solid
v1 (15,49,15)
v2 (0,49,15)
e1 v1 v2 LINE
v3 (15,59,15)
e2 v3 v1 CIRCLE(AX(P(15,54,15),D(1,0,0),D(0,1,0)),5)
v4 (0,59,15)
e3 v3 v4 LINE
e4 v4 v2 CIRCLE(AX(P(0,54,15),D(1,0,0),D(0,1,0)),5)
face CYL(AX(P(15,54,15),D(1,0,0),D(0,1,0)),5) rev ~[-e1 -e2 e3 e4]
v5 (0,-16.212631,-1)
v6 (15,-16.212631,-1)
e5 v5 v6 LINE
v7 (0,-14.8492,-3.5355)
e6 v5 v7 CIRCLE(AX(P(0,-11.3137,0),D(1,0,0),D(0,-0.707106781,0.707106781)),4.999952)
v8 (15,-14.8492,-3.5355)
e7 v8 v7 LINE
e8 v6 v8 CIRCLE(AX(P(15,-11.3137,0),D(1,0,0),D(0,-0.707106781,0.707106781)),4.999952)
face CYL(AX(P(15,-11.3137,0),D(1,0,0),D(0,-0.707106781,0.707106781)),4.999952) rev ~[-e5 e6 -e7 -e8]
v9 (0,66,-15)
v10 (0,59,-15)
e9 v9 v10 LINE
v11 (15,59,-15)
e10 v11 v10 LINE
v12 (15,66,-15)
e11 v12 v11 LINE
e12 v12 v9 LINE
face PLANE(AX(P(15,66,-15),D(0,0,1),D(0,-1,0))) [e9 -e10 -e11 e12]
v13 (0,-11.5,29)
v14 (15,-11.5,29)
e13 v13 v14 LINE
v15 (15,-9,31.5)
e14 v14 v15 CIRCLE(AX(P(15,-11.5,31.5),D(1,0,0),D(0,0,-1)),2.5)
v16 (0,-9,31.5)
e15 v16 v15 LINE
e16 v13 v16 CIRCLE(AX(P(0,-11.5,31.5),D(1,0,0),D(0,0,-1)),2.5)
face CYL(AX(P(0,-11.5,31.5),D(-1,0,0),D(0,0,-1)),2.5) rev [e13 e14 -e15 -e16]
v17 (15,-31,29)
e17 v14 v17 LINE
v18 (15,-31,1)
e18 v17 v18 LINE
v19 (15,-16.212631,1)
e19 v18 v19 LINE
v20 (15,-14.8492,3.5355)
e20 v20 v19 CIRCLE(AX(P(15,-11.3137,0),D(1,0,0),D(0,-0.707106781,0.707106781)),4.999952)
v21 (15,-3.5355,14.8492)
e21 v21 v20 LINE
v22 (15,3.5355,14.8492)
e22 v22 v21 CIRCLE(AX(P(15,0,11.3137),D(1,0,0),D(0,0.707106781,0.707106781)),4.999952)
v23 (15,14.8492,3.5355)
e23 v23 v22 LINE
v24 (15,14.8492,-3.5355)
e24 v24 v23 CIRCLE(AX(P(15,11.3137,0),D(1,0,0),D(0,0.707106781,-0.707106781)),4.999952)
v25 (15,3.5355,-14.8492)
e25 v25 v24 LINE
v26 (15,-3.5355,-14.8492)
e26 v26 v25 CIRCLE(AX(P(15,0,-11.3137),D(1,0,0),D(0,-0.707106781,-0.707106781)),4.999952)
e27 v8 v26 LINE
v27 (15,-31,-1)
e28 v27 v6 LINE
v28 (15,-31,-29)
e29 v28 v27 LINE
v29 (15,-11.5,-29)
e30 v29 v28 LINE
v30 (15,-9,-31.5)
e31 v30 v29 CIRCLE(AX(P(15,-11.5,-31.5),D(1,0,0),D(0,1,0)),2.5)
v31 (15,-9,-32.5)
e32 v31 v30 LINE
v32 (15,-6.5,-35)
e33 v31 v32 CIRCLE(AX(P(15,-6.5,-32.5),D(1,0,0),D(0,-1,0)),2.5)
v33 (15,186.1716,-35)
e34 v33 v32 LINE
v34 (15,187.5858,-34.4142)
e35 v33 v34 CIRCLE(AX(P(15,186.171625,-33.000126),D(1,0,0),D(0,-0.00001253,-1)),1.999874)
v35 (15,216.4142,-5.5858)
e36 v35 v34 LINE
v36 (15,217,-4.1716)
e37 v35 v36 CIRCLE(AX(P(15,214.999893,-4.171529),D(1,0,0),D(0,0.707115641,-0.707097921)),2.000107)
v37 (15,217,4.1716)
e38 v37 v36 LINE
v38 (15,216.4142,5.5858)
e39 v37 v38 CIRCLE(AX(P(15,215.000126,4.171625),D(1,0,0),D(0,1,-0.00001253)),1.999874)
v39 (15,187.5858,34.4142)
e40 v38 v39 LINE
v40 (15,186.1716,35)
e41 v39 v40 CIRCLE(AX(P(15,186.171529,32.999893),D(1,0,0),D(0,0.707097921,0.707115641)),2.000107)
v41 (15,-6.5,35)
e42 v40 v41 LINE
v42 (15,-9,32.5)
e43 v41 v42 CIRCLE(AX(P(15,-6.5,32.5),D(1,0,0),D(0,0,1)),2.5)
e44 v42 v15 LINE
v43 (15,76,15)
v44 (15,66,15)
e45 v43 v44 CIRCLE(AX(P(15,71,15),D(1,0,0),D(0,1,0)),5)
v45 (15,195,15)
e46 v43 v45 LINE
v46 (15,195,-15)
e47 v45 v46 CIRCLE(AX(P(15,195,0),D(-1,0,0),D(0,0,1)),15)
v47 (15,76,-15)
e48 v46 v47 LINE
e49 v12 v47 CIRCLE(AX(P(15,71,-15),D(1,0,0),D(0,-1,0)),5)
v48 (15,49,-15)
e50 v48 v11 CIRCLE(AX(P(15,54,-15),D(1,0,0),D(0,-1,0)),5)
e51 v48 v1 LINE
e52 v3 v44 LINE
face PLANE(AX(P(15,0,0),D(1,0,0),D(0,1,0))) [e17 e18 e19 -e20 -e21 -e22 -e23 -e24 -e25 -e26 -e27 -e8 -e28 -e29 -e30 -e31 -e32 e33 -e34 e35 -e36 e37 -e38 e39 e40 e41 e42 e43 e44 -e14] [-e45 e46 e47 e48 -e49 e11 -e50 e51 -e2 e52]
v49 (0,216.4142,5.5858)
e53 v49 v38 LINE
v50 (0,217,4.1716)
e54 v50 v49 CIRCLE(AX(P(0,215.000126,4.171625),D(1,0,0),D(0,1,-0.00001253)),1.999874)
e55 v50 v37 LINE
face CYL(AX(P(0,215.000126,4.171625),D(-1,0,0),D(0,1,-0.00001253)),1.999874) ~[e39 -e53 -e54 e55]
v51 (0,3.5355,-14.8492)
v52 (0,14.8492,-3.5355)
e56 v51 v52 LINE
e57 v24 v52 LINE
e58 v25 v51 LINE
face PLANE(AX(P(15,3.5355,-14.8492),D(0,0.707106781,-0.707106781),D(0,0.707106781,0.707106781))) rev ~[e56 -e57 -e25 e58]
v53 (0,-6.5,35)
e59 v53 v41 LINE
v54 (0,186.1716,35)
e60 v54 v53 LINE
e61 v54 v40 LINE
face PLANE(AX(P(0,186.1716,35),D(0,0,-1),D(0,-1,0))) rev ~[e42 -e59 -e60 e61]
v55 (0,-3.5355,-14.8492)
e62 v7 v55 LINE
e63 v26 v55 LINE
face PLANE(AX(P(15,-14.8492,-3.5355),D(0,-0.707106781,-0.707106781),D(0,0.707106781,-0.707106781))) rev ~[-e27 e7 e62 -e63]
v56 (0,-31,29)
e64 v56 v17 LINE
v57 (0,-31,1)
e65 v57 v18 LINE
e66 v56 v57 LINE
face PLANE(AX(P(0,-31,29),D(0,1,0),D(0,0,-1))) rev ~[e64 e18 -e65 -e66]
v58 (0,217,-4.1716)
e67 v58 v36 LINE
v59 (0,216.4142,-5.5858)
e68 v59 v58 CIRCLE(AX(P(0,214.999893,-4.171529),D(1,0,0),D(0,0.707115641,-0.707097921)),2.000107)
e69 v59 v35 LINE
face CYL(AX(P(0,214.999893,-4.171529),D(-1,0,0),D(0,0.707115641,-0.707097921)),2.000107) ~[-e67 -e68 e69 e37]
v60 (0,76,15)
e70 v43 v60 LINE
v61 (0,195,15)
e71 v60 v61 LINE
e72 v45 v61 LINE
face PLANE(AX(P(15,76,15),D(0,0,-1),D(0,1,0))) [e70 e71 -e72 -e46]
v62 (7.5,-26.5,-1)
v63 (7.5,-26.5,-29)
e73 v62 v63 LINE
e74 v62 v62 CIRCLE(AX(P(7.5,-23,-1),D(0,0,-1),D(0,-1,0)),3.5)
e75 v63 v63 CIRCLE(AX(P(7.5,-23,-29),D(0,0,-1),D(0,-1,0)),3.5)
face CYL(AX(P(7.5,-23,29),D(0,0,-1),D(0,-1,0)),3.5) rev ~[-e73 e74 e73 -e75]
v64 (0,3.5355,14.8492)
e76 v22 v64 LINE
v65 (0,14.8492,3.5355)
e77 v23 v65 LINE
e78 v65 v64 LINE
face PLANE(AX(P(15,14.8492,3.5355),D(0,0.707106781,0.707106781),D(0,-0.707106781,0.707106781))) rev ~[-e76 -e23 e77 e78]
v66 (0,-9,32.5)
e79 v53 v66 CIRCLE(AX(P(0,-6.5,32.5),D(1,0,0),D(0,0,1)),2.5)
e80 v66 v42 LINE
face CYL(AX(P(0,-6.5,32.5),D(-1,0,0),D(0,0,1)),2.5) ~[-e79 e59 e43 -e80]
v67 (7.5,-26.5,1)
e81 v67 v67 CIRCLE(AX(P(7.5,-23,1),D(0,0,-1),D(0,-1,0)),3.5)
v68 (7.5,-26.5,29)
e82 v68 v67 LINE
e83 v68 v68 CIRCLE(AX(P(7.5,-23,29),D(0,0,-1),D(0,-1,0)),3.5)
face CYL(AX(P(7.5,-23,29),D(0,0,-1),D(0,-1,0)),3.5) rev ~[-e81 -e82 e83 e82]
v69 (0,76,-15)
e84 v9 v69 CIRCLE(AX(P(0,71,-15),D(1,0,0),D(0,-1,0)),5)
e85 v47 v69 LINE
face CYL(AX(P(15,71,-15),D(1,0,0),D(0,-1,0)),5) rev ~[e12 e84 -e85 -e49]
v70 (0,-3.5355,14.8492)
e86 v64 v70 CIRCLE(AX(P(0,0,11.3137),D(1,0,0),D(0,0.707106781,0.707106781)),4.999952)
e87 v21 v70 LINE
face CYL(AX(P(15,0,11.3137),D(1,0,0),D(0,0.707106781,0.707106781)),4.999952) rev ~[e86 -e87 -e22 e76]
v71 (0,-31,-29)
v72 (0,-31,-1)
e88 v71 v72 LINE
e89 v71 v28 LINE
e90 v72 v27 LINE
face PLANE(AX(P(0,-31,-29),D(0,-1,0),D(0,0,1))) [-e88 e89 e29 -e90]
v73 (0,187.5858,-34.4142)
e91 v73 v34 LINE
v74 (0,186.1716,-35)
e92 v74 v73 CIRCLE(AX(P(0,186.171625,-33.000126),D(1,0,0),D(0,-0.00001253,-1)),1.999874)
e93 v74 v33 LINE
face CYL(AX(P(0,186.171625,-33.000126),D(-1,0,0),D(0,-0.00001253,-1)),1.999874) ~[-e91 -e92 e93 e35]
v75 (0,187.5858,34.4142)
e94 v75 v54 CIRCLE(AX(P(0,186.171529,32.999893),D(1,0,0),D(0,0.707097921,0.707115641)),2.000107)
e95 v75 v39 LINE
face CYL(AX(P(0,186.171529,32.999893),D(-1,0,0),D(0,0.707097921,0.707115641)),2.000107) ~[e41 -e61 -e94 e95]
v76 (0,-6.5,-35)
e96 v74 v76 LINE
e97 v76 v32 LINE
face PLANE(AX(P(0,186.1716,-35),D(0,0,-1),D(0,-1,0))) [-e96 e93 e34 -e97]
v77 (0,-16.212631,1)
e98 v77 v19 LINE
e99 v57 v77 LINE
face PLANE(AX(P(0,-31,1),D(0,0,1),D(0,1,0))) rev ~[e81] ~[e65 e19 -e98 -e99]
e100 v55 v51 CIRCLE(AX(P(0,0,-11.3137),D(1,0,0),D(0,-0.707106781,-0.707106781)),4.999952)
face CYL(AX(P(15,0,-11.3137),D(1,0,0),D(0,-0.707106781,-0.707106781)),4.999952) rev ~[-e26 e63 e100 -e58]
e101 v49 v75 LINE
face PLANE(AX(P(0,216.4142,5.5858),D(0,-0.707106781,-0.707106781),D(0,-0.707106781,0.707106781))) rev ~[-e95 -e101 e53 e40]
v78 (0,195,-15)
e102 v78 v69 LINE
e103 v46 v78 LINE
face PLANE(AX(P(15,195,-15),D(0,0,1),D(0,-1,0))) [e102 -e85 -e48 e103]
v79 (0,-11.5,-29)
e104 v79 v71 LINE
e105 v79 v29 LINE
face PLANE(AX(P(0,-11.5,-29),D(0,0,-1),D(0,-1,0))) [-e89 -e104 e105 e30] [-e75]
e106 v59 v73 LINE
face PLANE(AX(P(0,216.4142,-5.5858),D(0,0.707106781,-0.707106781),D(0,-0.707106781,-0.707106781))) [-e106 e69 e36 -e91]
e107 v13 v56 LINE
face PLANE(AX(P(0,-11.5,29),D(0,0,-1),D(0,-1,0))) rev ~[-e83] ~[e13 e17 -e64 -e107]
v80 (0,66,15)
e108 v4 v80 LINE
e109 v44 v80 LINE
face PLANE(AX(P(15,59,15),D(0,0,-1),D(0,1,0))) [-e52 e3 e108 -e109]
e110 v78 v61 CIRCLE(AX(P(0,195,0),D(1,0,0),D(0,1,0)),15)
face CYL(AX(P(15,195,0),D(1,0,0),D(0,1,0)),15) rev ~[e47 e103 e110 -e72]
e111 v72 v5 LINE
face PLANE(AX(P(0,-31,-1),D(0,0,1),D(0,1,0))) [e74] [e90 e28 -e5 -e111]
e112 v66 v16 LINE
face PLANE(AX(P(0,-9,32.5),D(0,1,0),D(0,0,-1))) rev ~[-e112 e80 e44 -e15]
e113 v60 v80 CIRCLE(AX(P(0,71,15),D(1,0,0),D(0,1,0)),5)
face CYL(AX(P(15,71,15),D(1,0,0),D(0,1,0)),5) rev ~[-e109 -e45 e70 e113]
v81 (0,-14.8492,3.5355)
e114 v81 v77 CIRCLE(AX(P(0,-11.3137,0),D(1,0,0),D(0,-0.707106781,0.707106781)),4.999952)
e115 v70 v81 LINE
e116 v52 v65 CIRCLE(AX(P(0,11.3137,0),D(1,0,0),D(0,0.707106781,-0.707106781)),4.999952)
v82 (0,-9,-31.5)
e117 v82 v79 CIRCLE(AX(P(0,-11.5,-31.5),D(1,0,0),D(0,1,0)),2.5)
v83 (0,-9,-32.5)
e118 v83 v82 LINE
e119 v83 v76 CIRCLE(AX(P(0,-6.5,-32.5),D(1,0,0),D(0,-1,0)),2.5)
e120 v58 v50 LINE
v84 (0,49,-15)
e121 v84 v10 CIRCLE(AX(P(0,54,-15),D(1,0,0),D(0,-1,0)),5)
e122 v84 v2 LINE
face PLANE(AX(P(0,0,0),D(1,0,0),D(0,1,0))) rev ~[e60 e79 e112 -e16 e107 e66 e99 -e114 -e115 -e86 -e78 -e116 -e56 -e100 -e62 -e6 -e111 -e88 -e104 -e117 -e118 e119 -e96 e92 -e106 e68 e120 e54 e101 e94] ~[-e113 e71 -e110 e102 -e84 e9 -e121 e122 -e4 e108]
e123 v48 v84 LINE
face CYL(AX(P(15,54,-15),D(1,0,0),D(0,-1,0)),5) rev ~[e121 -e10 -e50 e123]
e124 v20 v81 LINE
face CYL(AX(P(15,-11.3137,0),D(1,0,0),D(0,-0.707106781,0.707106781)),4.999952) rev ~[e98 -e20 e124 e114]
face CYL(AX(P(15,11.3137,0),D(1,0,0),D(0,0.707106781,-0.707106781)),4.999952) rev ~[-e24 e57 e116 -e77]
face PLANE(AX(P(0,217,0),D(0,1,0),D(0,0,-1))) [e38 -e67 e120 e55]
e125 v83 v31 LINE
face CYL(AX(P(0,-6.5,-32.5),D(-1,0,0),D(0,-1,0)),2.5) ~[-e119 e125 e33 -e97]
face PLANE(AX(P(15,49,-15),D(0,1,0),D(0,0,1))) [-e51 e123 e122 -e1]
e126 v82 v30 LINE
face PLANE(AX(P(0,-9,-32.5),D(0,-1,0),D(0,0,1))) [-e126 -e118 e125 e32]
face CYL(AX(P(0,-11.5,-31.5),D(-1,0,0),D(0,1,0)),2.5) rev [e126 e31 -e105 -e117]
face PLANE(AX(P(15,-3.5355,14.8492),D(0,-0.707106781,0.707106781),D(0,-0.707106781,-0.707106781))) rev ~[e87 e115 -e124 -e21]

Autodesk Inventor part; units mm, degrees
ref_plane "YZ Plane" through (0, 0, 0) normal (1, 0, 0) x (0, 1, 0)
ref_plane "XZ Plane" through (0, 0, 0) normal (0, 1, 0) x (-1, 0, 0)
ref_plane "XY Plane" through (0, 0, 0) normal (0, 0, 1) x (1, 0, 0)
sketch "Esquisse1" plane through (0, 0, 0) normal (1, 0, 0) x (0, 1, 0)
  line L0 (0, 0) -> (122.5, 0)
  line L1 (217, 0) -> (217, 4.1716)
  line L2 (216.4142, 5.5858) -> (187.5858, 34.4142)
  line L3 (186.1716, 35) -> (-6.5, 35)
  line L4 (-9, 32.5) -> (-9, 31.5)
  line L5 (-11.5, 29) -> (-31, 29)
  line L6 (-31, 29) -> (-31, 1)
  line L7 (-31, 1) -> (0, 1)
  line L8 (0, 1) -> (0, 0)
  arc A0 (217, 4.1716) -> (216.4142, 5.5858) centre (215, 4.1716) ccw
  arc A1 (187.5858, 34.4142) -> (186.1716, 35) centre (186.1716, 33) ccw
  arc A2 (-6.5, 35) -> (-9, 32.5) centre (-6.5, 32.5) ccw
  arc A3 (-11.5, 29) -> (-9, 31.5) centre (-11.5, 31.5) ccw
  line L9 (217, 0) -> (217, -4.1716)
  line L10 (216.4142, -5.5858) -> (187.5858, -34.4142)
  line L11 (186.1716, -35) -> (-6.5, -35)
  line L12 (-9, -32.5) -> (-9, -31.5)
  line L13 (-11.5, -29) -> (-31, -29)
  line L14 (-31, -29) -> (-31, -1)
  line L15 (-31, -1) -> (0, -1)
  line L16 (0, -1) -> (0, 0)
  arc A4 (216.4142, -5.5858) -> (217, -4.1716) centre (215, -4.1716) ccw
  arc A5 (186.1716, -35) -> (187.5858, -34.4142) centre (186.1716, -33) ccw
  arc A6 (-9, -32.5) -> (-6.5, -35) centre (-6.5, -32.5) ccw
  arc A7 (-9, -31.5) -> (-11.5, -29) centre (-11.5, -31.5) ccw
  point P0 (217, 5)
  point P1 (217, -5)
  dimension "d0" = 70
  dimension "d1" = 10
  dimension "d2" = 45
  dimension "d3" = 31
  dimension "d4" = 22
  dimension "d5" = 217
  dimension "d6" = 58
  dimension "d7" = 2
  dimension "d8" = 2
  dimension "d9" = 2.5
extrude "Extrusion1" add sketch "Esquisse1" along normal blind 15
sketch "Esquisse2" plane through (15, 0, 0) normal (1, 0, 0) x (0, 0, -1)
  line L0 (0, 210) -> (0, 210)
  line L1 (15, 49) -> (-15, 49)
  line L2 (4.1716, 217) -> (-4.1716, 217) projected
  arc A0 (0, 210) -> (-15, 195) centre (0, 195) ccw
  arc A1 (15, 195) -> (0, 210) centre (0, 195) ccw
  line L3 (1, -31) -> (29, -31) projected
  line L4 (-3.5355, 14.8492) -> (-14.8492, 3.5355)
  line L5 (-14.8492, -3.5355) -> (-3.5355, -14.8492)
  line L6 (3.5355, -14.8492) -> (14.8492, -3.5355)
  line L7 (14.8492, 3.5355) -> (3.5355, 14.8492)
  arc A2 (3.5355, 14.8492) -> (-3.5355, 14.8492) centre (0, 11.3137) ccw
  arc A3 (14.8492, -3.5355) -> (14.8492, 3.5355) centre (11.3137, 0) ccw
  arc A4 (-3.5355, -14.8492) -> (3.5355, -14.8492) centre (0, -11.3137) ccw
  arc A5 (-14.8492, 3.5355) -> (-14.8492, -3.5355) centre (-11.3137, 0) ccw
  line L8 (-35, 186.1716) -> (-35, -6.5) projected
  line L9 (-1, 0) -> (1, 0) projected
  arc A6 (15, 49) -> (15, 59) centre (15, 54) ccw
  arc A7 (-15, 59) -> (-15, 49) centre (-15, 54) ccw
  arc A8 (-15, 76) -> (-15, 66) centre (-15, 71) ccw
  line L10 (-15, 59) -> (-15, 66)
  line L11 (-15, 76) -> (-15, 195)
  arc A9 (15, 66) -> (15, 76) centre (15, 71) ccw
  line L12 (15, 195) -> (15, 76)
  line L13 (15, 66) -> (15, 59)
  point P0 (0, 0)
  point P1 (-15, 210)
  point P2 (15, 210)
  point P3 (0, 18.3848)
  point P4 (-18.3848, 0)
  point P5 (18.3848, 0)
  point P6 (0, 0)
  point P7 (0, 0)
  dimension "d12" = 30
  dimension "d14" = 7
  dimension "d15" = 15
  dimension "d16" = 80
  dimension "d17" = 26
  dimension "d18" = 26
  dimension "d19" = 5
  dimension "d20" = 45
  dimension "d21" = 10
  dimension "d22" = 10
  dimension "d23" = 10
  dimension "d24" = 12
  dimension "d25" = 10
  dimension "d26" = 30
  dimension "d27" = 15
extrude "Extrusion2" cut sketch "Esquisse2" against normal through all
sketch "Esquisse3" plane through (0, -31, 29) normal (0, 0, 1) x (1, 0, 0)
  line L0 (0, 0) -> (0, 19.5) projected
  line L1 (0, 0) -> (15, 0) projected
  point P0 (0, 31)
  point P1 (7.5, 8)
  dimension "d30" = 7.5
  dimension "d31" = 8
hole "Perçage1" at (7.5, -23, 29) direction (0, 0, -1) diameter 7 end through all
properties part number "came"
